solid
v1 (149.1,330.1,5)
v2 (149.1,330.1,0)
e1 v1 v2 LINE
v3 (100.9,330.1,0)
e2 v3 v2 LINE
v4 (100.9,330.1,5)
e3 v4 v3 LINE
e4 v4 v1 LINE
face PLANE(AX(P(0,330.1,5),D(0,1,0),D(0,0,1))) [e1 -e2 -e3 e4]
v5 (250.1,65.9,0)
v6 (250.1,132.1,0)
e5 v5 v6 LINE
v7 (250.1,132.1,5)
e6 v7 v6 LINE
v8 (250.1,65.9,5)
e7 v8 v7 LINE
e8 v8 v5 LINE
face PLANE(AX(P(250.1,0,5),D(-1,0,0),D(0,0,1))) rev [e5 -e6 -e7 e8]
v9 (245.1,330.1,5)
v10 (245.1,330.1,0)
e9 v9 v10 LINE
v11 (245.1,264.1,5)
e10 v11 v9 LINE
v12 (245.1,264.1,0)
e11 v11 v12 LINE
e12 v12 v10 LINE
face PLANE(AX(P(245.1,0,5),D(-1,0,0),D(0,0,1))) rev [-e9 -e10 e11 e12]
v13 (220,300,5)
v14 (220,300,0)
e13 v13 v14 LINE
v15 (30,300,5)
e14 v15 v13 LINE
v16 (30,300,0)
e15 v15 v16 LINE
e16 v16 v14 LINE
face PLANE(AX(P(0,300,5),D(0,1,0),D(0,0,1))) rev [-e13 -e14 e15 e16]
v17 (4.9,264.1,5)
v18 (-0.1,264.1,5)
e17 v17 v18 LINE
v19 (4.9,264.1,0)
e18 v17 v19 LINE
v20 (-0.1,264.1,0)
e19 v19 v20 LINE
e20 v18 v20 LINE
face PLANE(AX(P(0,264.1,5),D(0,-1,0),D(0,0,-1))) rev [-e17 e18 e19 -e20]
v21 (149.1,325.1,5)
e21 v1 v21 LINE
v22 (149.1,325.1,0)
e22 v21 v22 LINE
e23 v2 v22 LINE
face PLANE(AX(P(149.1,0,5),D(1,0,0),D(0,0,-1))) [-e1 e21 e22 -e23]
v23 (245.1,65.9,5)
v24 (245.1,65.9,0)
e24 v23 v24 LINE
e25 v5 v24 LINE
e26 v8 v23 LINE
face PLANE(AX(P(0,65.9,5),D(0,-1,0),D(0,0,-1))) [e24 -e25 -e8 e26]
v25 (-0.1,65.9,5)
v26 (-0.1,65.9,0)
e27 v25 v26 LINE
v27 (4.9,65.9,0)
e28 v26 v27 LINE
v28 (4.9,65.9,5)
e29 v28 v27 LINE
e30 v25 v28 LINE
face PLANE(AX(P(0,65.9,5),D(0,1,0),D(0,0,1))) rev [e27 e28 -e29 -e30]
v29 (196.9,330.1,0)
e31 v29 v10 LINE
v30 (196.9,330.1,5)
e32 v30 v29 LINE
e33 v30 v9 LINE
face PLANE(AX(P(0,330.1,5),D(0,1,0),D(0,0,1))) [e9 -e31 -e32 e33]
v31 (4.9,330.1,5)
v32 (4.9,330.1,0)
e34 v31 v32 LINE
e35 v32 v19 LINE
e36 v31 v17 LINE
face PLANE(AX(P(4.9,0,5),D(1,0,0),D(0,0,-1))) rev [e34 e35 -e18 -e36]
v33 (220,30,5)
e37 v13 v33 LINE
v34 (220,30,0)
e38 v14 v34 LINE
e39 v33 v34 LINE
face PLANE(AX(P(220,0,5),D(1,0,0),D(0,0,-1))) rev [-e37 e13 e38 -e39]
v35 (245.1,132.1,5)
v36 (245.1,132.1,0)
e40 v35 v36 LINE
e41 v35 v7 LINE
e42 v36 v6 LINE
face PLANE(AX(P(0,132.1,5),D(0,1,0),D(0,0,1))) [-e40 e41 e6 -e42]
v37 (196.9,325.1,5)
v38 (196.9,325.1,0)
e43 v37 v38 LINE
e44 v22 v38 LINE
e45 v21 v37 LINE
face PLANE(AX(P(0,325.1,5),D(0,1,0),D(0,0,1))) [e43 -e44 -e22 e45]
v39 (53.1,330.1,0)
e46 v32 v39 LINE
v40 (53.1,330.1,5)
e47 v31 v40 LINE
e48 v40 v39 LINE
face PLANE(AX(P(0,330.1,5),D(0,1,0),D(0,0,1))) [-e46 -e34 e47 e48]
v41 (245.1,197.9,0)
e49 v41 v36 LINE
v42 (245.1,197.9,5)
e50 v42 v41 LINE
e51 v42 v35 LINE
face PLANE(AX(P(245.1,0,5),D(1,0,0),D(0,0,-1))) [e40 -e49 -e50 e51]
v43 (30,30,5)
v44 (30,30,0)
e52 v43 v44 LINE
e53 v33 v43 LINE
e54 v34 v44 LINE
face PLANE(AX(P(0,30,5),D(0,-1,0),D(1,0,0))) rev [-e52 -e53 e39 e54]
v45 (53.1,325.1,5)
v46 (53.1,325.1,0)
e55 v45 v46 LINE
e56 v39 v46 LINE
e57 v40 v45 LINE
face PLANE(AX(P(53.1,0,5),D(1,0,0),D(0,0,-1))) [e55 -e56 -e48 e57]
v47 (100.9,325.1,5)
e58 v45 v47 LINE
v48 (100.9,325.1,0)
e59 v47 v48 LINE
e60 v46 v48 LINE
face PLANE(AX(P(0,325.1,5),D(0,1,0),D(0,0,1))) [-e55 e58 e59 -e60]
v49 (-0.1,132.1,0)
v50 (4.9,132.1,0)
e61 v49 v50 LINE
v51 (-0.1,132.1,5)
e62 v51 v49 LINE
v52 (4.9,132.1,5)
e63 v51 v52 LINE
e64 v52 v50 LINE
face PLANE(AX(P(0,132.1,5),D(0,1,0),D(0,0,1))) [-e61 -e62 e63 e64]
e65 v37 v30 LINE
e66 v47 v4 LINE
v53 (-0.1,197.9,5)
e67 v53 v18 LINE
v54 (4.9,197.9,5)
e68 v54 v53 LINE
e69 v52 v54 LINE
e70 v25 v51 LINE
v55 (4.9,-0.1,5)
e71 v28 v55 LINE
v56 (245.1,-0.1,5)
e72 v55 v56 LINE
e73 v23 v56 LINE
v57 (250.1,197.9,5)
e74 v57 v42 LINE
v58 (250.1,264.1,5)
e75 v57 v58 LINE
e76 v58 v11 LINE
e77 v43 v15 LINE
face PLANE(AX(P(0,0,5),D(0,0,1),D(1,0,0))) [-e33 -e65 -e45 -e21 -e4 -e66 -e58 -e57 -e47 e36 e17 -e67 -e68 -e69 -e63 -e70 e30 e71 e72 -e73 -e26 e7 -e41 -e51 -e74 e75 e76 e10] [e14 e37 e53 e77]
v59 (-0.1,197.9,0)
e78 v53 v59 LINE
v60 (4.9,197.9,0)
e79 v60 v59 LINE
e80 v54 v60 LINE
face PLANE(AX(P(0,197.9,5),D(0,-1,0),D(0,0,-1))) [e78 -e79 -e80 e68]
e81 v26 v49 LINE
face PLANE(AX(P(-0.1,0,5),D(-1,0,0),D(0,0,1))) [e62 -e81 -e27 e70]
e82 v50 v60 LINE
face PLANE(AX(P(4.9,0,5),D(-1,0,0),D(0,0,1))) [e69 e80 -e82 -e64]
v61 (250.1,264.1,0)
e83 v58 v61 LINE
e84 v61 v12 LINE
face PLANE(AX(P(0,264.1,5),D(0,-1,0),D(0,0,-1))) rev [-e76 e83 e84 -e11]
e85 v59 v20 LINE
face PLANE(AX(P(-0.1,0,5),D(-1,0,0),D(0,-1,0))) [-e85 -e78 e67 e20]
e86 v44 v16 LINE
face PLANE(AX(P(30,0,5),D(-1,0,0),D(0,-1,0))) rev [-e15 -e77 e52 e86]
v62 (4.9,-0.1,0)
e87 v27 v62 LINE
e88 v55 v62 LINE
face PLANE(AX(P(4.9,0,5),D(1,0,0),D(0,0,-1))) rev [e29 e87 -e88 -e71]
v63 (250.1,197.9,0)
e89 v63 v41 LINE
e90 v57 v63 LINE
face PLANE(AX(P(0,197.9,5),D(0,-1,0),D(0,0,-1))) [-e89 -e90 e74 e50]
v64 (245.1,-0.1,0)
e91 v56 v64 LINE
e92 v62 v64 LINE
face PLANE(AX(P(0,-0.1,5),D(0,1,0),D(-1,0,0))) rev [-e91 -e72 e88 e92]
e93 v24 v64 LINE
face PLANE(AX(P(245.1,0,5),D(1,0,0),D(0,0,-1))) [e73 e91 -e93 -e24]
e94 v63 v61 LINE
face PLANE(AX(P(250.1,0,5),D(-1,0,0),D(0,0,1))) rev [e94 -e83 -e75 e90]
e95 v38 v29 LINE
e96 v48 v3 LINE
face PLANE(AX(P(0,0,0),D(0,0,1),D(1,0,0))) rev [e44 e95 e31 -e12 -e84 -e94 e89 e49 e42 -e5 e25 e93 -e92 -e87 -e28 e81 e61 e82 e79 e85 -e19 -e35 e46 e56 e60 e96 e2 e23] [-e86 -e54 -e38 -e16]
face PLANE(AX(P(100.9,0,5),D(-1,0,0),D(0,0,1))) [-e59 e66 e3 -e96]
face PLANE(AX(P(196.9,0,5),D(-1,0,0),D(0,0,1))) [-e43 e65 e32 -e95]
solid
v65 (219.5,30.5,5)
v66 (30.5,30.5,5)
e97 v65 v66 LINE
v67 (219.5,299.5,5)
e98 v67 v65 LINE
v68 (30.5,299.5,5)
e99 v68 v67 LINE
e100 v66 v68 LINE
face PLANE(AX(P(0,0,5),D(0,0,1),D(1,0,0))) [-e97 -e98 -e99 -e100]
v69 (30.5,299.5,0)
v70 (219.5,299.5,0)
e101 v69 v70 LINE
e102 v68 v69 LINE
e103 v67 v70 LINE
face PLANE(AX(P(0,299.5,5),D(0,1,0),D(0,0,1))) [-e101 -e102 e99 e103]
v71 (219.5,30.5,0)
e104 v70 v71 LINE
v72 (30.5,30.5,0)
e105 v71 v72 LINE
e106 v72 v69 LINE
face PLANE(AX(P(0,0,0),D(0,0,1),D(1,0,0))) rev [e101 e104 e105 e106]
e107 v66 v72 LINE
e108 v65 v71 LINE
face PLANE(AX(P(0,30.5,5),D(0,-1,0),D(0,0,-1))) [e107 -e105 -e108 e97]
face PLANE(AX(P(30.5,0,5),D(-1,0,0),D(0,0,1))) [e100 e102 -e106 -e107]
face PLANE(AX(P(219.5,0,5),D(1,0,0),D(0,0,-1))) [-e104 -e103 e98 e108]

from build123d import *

# Parameters (mm, degrees)
ESQUISSE1_W          = 189
ESQUISSE1_H          = 269
BOSS_EXTRU_1_DEPTH   = 5
ESQUISSE1_W_2        = 190
ESQUISSE1_H_2        = 270
BOSS_EXTRU_1_2_DEPTH = 5


with BuildPart() as part:
    # Esquisse1 → Boss.-Extru.1 (new body)
    with BuildSketch(Plane.XY):
        with Locations((125, 165)):
            Rectangle(ESQUISSE1_W, ESQUISSE1_H)
    extrude(amount=BOSS_EXTRU_1_DEPTH)


with BuildPart() as body_2:
    # Esquisse1 → Boss.-Extru.1 2 (new body)
    with BuildSketch(Plane.XY):
        Polygon((196.9, 325.1), (196.9, 330.1), (245.1, 330.1), (245.1, 264.1), (250.1, 264.1), (250.1, 197.9), (245.1, 197.9), (245.1, 132.1), (250.1, 132.1), (250.1, 65.9), (245.1, 65.9), (245.1, -0.1), (4.9, -0.1), (4.9, 65.9), (-0.1, 65.9), (-0.1, 132.1), (4.9, 132.1), (4.9, 197.9), (-0.1, 197.9), (-0.1, 264.1), (4.9, 264.1), (4.9, 330.1), (53.1, 330.1), (53.1, 325.1), (100.9, 325.1), (100.9, 330.1), (149.1, 330.1), (149.1, 325.1), align=None)
        with Locations((125, 165)):
            Rectangle(ESQUISSE1_W_2, ESQUISSE1_H_2, mode=Mode.SUBTRACT)
    extrude(amount=BOSS_EXTRU_1_2_DEPTH)


solid = Compound([part.part, body_2.part])
